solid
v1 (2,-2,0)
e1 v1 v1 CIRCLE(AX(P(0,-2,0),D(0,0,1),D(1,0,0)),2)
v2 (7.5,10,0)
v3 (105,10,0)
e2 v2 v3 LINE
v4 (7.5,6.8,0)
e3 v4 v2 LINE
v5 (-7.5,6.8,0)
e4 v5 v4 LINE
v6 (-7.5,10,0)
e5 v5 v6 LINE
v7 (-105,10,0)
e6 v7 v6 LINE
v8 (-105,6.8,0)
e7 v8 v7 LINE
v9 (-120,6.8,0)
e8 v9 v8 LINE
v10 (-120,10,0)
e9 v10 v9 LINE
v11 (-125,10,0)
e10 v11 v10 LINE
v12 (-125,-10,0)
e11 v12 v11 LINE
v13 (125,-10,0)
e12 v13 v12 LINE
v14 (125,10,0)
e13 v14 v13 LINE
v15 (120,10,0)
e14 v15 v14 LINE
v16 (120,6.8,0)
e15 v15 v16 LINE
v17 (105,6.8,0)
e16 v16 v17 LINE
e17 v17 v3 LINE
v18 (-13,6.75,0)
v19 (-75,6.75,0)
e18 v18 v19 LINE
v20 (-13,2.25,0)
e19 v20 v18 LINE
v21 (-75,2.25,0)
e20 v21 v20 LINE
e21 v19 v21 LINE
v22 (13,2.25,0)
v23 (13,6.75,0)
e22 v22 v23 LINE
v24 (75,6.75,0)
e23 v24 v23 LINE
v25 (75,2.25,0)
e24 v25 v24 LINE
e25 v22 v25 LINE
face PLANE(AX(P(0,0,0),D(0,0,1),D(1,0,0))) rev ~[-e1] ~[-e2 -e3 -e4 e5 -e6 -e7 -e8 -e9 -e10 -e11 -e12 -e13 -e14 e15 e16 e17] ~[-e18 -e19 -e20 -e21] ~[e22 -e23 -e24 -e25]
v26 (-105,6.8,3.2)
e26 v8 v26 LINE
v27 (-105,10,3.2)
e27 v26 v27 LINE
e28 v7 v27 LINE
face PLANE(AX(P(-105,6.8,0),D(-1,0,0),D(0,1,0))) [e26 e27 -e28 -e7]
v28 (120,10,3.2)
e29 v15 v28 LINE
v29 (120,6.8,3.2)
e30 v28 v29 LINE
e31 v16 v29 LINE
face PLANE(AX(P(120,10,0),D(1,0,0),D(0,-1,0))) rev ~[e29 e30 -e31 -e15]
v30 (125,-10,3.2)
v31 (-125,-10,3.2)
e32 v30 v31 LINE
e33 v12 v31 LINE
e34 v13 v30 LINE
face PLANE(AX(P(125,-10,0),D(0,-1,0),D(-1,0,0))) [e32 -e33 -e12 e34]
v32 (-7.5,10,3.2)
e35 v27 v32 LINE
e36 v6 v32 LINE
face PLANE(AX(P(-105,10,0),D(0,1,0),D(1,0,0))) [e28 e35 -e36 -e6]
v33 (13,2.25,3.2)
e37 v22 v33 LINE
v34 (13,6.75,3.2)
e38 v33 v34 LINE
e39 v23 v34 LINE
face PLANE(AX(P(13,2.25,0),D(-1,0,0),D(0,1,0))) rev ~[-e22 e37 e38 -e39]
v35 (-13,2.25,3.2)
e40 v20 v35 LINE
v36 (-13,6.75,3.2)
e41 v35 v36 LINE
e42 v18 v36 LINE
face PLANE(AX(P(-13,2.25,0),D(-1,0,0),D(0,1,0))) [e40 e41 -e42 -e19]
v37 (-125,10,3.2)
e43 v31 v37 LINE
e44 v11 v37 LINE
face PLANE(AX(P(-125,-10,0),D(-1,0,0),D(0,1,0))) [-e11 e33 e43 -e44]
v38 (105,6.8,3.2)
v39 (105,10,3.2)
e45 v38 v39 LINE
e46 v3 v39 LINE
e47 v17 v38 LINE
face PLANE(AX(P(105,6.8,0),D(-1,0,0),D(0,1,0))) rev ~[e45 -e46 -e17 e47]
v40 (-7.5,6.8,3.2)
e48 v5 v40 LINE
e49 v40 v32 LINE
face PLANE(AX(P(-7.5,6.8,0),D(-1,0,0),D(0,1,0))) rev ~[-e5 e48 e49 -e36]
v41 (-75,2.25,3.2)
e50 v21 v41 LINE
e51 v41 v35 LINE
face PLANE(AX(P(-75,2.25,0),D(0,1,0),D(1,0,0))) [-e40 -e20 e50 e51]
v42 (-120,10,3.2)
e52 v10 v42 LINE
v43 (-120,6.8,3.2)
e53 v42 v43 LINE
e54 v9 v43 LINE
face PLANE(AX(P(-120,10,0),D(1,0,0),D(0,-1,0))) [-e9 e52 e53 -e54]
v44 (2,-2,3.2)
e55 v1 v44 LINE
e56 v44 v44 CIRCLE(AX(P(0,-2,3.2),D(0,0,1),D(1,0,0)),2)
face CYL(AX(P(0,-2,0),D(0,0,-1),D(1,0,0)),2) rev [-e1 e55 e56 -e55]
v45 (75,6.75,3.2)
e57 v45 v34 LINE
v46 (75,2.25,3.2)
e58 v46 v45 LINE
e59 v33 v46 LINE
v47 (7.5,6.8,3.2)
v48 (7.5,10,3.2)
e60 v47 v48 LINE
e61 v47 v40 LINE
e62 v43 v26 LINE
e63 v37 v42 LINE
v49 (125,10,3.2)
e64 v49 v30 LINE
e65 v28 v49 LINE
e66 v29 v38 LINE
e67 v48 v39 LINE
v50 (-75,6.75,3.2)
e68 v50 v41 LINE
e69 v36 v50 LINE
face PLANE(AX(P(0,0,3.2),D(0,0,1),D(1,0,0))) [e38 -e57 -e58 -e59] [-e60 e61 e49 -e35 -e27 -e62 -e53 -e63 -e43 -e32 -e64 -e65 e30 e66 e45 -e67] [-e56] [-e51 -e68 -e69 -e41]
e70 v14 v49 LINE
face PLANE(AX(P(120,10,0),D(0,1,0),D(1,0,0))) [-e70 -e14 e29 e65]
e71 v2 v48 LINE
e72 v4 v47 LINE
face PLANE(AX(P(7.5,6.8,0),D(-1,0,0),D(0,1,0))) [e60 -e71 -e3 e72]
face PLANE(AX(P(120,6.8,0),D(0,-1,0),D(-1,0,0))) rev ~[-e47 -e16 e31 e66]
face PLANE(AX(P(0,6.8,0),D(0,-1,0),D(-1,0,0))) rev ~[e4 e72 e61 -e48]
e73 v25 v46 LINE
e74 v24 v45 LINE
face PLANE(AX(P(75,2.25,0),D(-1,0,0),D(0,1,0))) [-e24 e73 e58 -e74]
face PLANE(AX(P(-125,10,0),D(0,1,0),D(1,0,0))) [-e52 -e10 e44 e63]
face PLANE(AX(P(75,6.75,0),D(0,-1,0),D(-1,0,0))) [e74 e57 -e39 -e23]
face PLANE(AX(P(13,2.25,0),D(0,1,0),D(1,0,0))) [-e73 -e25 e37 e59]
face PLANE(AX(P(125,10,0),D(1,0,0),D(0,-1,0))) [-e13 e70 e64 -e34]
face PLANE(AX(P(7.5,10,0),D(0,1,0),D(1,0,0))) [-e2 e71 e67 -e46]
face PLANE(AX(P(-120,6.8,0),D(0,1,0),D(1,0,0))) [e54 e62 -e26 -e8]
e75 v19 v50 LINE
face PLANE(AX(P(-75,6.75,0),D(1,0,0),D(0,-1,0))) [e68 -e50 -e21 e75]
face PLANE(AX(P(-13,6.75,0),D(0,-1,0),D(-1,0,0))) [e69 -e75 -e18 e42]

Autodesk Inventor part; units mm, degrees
ref_plane "YZ Plane" through (0, 0, 0) normal (1, 0, 0) x (0, 1, 0)
ref_plane "XZ Plane" through (0, 0, 0) normal (0, 1, 0) x (-1, 0, 0)
ref_plane "XY Plane" through (0, 0, 0) normal (0, 0, 1) x (1, 0, 0)
sketch "Sketch1" plane through (0, 0, 0) normal (0, 0, 1) x (1, 0, 0)
  line L0 (125, -10) -> (-125, -10)
  line L1 (-125, -10) -> (-125, 10)
  line L2 (-125, 10) -> (125, 10)
  line L3 (125, 10) -> (125, -10)
  line L4 (125, -10) -> (-125, 10) construction
  line L5 (-125, -10) -> (125, 10) construction
  line L6 (75, 6.75) -> (-75, 6.75)
  line L7 (-75, 6.75) -> (-75, 2.25)
  line L8 (-75, 2.25) -> (75, 2.25)
  line L9 (75, 2.25) -> (75, 6.75)
  line L10 (75, 6.75) -> (-75, 2.25) construction
  line L11 (-75, 6.75) -> (75, 2.25) construction
  circle A0 centre (0, -2) radius 2
  line L12 (-13, 2.25) -> (-13, 6.75)
  line L13 (0, -2) -> (0, 4.5) construction
  line L14 (13, 2.25) -> (13, 6.75)
  line L15 (-120, 10) -> (-120, 6.8)
  line L16 (-120, 6.8) -> (-105, 6.8)
  line L17 (-105, 6.8) -> (-105, 10)
  line L18 (0, 10) -> (0, 6.8)
  line L19 (0, 6.8) -> (-7.5, 6.8)
  line L20 (-7.5, 6.8) -> (-7.5, 10)
  line L21 (-125, -10) -> (125, 10) construction
  line L22 (120, 10) -> (120, 6.8)
  line L23 (120, 6.8) -> (105, 6.8)
  line L24 (105, 6.8) -> (105, 10)
  line L25 (0, 6.8) -> (7.5, 6.8)
  line L26 (7.5, 6.8) -> (7.5, 10)
  point P0 (0, 0)
  point P1 (0, 4.5)
  point P2 (0, 0)
  point P3 (0, 0)
  dimension "d0" = 250
  dimension "d1" = 20
  dimension "d20" = 150
  dimension "d21" = 4.5
  dimension "d22" = 4.5
  dimension "d32" = 4
  dimension "d33" = 2
  dimension "d36" = 13
  dimension "d39" = 3.2
  dimension "d40" = 5
  dimension "d41" = 15
  dimension "d42" = 3.2
  dimension "d44" = 7.5
extrude "Extrusion5" add sketch "Sketch1" along normal blind 3.2 contours L0 L1 L2 L15 L16 L17 L20 L19 L25 L26 L24 L23 L22 L3 | L14 L8 L12 L6
properties part number "Lateral_Carril"
